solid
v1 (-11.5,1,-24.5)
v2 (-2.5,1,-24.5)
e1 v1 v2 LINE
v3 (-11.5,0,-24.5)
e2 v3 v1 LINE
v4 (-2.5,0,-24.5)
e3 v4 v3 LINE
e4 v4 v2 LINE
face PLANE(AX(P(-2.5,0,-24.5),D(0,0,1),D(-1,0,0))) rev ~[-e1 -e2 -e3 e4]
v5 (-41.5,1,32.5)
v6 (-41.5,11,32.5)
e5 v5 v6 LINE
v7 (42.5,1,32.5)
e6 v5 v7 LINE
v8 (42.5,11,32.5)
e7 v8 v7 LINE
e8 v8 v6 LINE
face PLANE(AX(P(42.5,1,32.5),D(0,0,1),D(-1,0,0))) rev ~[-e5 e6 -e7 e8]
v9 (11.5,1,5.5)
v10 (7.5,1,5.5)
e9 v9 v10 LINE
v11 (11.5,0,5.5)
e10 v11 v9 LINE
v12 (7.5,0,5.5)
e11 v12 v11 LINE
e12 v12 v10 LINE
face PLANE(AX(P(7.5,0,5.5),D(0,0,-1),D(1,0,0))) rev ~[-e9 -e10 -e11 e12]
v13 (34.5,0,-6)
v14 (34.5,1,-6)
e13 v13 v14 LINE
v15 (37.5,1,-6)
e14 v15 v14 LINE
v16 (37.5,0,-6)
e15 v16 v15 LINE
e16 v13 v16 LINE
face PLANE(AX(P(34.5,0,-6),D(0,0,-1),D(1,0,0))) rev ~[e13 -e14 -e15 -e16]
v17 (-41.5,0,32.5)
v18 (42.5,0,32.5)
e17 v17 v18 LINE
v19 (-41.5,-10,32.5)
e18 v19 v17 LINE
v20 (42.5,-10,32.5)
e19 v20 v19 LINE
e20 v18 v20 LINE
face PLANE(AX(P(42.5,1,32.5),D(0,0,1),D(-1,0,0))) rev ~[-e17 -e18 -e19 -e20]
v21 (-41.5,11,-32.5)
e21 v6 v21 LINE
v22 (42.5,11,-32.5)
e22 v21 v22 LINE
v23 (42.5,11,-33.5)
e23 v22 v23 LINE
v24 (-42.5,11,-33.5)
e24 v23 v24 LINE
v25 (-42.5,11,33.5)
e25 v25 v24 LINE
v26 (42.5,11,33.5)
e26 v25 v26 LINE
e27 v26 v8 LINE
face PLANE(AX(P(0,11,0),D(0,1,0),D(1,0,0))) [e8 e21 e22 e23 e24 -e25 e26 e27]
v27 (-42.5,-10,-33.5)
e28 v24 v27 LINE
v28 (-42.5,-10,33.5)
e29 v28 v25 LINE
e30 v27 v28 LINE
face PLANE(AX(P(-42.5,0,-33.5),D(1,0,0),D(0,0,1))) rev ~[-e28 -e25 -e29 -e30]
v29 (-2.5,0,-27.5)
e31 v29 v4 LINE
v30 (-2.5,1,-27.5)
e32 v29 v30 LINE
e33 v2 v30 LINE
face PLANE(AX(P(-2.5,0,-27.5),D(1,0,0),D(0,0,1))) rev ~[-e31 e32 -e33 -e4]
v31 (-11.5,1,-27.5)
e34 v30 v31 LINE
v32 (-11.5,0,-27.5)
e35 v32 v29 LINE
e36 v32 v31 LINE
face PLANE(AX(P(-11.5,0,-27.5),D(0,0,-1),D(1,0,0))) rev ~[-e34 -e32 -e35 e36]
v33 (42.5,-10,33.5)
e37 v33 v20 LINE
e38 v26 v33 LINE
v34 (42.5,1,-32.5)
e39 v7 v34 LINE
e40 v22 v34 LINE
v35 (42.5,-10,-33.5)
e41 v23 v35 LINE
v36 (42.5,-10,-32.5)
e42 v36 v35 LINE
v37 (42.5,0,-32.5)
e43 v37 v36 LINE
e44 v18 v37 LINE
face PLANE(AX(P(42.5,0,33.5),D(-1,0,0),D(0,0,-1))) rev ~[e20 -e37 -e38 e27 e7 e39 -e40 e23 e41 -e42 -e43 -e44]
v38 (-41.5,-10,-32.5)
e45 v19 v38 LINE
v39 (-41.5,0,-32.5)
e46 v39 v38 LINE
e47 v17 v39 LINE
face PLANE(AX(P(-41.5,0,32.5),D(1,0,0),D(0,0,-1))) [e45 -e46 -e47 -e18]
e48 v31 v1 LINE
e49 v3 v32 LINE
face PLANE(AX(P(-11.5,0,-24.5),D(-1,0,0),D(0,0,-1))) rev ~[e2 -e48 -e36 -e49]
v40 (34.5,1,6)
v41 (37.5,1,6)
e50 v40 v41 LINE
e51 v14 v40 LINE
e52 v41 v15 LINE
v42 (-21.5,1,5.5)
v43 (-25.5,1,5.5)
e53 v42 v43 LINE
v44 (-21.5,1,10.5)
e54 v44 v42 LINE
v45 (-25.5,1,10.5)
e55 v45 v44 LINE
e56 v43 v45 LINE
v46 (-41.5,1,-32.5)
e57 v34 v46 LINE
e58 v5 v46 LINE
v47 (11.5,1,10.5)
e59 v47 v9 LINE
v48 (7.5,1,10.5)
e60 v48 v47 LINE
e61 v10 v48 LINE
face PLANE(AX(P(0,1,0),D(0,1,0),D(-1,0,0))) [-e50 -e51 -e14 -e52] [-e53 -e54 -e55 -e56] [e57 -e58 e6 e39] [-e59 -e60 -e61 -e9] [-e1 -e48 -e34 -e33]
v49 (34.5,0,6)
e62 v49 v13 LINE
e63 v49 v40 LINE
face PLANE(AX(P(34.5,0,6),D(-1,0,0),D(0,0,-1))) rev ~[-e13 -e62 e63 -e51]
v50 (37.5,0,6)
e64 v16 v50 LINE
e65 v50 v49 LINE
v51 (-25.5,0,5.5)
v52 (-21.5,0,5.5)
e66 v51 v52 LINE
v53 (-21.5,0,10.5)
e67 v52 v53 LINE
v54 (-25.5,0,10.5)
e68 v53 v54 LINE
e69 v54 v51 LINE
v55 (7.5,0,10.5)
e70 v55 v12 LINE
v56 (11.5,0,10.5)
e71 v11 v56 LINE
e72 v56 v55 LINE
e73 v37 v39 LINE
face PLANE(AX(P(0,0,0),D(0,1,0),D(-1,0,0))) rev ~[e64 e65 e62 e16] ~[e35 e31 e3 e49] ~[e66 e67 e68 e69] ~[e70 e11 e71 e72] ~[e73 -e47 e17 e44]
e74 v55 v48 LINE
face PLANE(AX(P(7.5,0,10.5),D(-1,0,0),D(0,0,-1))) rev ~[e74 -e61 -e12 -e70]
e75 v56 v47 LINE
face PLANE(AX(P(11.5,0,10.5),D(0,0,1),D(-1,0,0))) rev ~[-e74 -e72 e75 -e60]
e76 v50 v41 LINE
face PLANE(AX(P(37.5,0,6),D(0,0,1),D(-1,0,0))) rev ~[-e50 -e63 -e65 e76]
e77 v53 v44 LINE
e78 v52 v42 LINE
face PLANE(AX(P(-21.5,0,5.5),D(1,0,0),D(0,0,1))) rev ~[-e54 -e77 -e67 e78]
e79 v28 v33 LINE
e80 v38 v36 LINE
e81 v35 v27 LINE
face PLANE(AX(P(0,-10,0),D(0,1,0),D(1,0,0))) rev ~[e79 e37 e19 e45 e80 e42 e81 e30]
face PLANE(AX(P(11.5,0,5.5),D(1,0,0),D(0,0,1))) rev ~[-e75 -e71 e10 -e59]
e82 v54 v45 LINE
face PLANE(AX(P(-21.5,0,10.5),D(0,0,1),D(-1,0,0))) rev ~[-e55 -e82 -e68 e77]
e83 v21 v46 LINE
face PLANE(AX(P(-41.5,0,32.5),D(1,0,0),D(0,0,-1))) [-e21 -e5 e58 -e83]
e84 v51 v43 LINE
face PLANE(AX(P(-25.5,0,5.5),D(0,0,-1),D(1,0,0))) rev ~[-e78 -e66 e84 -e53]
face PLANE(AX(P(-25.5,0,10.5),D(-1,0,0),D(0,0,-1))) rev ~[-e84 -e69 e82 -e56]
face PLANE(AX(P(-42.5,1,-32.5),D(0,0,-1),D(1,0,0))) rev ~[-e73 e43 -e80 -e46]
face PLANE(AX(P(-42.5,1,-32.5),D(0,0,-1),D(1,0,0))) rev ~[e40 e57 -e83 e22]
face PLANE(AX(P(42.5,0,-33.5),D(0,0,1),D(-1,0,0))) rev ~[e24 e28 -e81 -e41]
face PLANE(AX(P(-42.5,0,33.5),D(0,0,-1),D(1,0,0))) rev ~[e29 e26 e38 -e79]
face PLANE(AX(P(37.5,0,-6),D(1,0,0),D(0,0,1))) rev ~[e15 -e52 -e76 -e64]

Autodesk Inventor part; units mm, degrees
ref_plane "YZ Plane" through (0, 0, 0) normal (1, 0, 0) x (0, 1, 0)
ref_plane "XZ Plane" through (0, 0, 0) normal (0, 1, 0) x (-1, 0, 0)
ref_plane "XY Plane" through (0, 0, 0) normal (0, 0, 1) x (1, 0, 0)
sketch "Sketch1" plane through (0, 0, 0) normal (0, 1, 0) x (-1, 0, 0)
  line L0 (42.5, 33.5) -> (-42.5, 33.5)
  line L1 (-42.5, 33.5) -> (-42.5, -33.5)
  line L2 (-42.5, -33.5) -> (42.5, -33.5)
  line L3 (42.5, -33.5) -> (42.5, 33.5)
  point P0 (0, 0)
  point P1 (42.5, 0)
  point P2 (0, 33.5)
  dimension "d0" = 67
  dimension "d1" = 85
extrude "Extrusion1" add sketch "Sketch1" along normal blind 1
sketch "Sketch2" plane through (0, 1, 0) normal (0, 1, 0) x (1, 0, 0)
  line L0 (-42.5, 33.5) -> (-42.5, -33.5) projected
  line L1 (42.5, -33.5) -> (42.5, 33.5) projected
  line L2 (-42.5, -33.5) -> (42.5, -33.5)
  line L3 (42.5, -33.5) -> (42.5, -32.5)
  line L4 (42.5, -32.5) -> (-42.5, -32.5)
  line L5 (-42.5, -32.5) -> (-42.5, -33.5)
  line L6 (-42.5, 32.5) -> (42.5, 32.5)
  line L7 (42.5, 32.5) -> (42.5, 33.5)
  line L8 (42.5, 33.5) -> (-42.5, 33.5)
  line L9 (-42.5, 33.5) -> (-42.5, 32.5)
  point P0 (0, 0)
  dimension "d4" = 1
  dimension "d5" = 1
extrude "Extrusion2" add sketch "Sketch2" along normal blind 10 and the other way blind 11 contours L8 L1 L6 L0 | L4 L1 L2 L0
sketch "Sketch3" plane through (0, 0, 0) normal (0, -1, 0) x (1, 0, 0)
  line L0 (-42.5, -32.5) -> (-42.5, 32.5) projected
  line L1 (-42.5, -32.5) -> (42.5, -32.5) projected
  line L2 (-42.5, 32.5) -> (-41.5, 32.5)
  line L3 (-41.5, 32.5) -> (-41.5, -32.5)
  line L4 (-41.5, -32.5) -> (-42.5, -32.5)
  line L5 (-42.5, -32.5) -> (-42.5, 32.5)
  point P0 (0, 0)
  dimension "d10" = 1
extrude "Extrusion3" add sketch "Sketch3" along normal blind 10 and the other way blind 11
sketch "Sketch4" plane through (0, 0, 0) normal (0, -1, 0) x (1, 0, 0)
  line L0 (-2.5, -24.5) -> (-11.5, -24.5)
  line L1 (-11.5, -24.5) -> (-11.5, -27.5)
  line L2 (-11.5, -27.5) -> (-2.5, -27.5)
  line L3 (-2.5, -27.5) -> (-2.5, -24.5)
  line L4 (42.5, -32.5) -> (-41.5, -32.5) projected
  line L5 (-41.5, -32.5) -> (-41.5, 32.5) projected
  line L6 (37.5, 6) -> (34.5, 6)
  line L7 (34.5, 6) -> (34.5, -6)
  line L8 (34.5, -6) -> (37.5, -6)
  line L9 (37.5, -6) -> (37.5, 6)
  line L10 (42.5, 32.5) -> (42.5, -32.5) projected
  line L11 (11.5, 10.5) -> (7.5, 10.5)
  line L12 (7.5, 10.5) -> (7.5, 5.5)
  line L13 (7.5, 5.5) -> (11.5, 5.5)
  line L14 (11.5, 5.5) -> (11.5, 10.5)
  line L15 (-21.5, 10.5) -> (-25.5, 10.5)
  line L16 (-25.5, 10.5) -> (-25.5, 5.5)
  line L17 (-25.5, 5.5) -> (-21.5, 5.5)
  line L18 (-21.5, 5.5) -> (-21.5, 10.5)
  point P0 (0, 0)
  point P1 (37.5, 0)
  dimension "d13" = 9
  dimension "d14" = 3
  dimension "d15" = 5
  dimension "d16" = 30
  dimension "d17" = 12
  dimension "d18" = 3
  dimension "d19" = 5
  dimension "d24" = 5
  dimension "d25" = 4
  dimension "d26" = 5
  dimension "d27" = 4
  dimension "d28" = 10
  dimension "d29" = 10
  dimension "d30" = 30
  dimension "d31" = 30
extrude "Extrusion4" cut sketch "Sketch4" against normal blind 10
properties part number "Thermometer Cover"
